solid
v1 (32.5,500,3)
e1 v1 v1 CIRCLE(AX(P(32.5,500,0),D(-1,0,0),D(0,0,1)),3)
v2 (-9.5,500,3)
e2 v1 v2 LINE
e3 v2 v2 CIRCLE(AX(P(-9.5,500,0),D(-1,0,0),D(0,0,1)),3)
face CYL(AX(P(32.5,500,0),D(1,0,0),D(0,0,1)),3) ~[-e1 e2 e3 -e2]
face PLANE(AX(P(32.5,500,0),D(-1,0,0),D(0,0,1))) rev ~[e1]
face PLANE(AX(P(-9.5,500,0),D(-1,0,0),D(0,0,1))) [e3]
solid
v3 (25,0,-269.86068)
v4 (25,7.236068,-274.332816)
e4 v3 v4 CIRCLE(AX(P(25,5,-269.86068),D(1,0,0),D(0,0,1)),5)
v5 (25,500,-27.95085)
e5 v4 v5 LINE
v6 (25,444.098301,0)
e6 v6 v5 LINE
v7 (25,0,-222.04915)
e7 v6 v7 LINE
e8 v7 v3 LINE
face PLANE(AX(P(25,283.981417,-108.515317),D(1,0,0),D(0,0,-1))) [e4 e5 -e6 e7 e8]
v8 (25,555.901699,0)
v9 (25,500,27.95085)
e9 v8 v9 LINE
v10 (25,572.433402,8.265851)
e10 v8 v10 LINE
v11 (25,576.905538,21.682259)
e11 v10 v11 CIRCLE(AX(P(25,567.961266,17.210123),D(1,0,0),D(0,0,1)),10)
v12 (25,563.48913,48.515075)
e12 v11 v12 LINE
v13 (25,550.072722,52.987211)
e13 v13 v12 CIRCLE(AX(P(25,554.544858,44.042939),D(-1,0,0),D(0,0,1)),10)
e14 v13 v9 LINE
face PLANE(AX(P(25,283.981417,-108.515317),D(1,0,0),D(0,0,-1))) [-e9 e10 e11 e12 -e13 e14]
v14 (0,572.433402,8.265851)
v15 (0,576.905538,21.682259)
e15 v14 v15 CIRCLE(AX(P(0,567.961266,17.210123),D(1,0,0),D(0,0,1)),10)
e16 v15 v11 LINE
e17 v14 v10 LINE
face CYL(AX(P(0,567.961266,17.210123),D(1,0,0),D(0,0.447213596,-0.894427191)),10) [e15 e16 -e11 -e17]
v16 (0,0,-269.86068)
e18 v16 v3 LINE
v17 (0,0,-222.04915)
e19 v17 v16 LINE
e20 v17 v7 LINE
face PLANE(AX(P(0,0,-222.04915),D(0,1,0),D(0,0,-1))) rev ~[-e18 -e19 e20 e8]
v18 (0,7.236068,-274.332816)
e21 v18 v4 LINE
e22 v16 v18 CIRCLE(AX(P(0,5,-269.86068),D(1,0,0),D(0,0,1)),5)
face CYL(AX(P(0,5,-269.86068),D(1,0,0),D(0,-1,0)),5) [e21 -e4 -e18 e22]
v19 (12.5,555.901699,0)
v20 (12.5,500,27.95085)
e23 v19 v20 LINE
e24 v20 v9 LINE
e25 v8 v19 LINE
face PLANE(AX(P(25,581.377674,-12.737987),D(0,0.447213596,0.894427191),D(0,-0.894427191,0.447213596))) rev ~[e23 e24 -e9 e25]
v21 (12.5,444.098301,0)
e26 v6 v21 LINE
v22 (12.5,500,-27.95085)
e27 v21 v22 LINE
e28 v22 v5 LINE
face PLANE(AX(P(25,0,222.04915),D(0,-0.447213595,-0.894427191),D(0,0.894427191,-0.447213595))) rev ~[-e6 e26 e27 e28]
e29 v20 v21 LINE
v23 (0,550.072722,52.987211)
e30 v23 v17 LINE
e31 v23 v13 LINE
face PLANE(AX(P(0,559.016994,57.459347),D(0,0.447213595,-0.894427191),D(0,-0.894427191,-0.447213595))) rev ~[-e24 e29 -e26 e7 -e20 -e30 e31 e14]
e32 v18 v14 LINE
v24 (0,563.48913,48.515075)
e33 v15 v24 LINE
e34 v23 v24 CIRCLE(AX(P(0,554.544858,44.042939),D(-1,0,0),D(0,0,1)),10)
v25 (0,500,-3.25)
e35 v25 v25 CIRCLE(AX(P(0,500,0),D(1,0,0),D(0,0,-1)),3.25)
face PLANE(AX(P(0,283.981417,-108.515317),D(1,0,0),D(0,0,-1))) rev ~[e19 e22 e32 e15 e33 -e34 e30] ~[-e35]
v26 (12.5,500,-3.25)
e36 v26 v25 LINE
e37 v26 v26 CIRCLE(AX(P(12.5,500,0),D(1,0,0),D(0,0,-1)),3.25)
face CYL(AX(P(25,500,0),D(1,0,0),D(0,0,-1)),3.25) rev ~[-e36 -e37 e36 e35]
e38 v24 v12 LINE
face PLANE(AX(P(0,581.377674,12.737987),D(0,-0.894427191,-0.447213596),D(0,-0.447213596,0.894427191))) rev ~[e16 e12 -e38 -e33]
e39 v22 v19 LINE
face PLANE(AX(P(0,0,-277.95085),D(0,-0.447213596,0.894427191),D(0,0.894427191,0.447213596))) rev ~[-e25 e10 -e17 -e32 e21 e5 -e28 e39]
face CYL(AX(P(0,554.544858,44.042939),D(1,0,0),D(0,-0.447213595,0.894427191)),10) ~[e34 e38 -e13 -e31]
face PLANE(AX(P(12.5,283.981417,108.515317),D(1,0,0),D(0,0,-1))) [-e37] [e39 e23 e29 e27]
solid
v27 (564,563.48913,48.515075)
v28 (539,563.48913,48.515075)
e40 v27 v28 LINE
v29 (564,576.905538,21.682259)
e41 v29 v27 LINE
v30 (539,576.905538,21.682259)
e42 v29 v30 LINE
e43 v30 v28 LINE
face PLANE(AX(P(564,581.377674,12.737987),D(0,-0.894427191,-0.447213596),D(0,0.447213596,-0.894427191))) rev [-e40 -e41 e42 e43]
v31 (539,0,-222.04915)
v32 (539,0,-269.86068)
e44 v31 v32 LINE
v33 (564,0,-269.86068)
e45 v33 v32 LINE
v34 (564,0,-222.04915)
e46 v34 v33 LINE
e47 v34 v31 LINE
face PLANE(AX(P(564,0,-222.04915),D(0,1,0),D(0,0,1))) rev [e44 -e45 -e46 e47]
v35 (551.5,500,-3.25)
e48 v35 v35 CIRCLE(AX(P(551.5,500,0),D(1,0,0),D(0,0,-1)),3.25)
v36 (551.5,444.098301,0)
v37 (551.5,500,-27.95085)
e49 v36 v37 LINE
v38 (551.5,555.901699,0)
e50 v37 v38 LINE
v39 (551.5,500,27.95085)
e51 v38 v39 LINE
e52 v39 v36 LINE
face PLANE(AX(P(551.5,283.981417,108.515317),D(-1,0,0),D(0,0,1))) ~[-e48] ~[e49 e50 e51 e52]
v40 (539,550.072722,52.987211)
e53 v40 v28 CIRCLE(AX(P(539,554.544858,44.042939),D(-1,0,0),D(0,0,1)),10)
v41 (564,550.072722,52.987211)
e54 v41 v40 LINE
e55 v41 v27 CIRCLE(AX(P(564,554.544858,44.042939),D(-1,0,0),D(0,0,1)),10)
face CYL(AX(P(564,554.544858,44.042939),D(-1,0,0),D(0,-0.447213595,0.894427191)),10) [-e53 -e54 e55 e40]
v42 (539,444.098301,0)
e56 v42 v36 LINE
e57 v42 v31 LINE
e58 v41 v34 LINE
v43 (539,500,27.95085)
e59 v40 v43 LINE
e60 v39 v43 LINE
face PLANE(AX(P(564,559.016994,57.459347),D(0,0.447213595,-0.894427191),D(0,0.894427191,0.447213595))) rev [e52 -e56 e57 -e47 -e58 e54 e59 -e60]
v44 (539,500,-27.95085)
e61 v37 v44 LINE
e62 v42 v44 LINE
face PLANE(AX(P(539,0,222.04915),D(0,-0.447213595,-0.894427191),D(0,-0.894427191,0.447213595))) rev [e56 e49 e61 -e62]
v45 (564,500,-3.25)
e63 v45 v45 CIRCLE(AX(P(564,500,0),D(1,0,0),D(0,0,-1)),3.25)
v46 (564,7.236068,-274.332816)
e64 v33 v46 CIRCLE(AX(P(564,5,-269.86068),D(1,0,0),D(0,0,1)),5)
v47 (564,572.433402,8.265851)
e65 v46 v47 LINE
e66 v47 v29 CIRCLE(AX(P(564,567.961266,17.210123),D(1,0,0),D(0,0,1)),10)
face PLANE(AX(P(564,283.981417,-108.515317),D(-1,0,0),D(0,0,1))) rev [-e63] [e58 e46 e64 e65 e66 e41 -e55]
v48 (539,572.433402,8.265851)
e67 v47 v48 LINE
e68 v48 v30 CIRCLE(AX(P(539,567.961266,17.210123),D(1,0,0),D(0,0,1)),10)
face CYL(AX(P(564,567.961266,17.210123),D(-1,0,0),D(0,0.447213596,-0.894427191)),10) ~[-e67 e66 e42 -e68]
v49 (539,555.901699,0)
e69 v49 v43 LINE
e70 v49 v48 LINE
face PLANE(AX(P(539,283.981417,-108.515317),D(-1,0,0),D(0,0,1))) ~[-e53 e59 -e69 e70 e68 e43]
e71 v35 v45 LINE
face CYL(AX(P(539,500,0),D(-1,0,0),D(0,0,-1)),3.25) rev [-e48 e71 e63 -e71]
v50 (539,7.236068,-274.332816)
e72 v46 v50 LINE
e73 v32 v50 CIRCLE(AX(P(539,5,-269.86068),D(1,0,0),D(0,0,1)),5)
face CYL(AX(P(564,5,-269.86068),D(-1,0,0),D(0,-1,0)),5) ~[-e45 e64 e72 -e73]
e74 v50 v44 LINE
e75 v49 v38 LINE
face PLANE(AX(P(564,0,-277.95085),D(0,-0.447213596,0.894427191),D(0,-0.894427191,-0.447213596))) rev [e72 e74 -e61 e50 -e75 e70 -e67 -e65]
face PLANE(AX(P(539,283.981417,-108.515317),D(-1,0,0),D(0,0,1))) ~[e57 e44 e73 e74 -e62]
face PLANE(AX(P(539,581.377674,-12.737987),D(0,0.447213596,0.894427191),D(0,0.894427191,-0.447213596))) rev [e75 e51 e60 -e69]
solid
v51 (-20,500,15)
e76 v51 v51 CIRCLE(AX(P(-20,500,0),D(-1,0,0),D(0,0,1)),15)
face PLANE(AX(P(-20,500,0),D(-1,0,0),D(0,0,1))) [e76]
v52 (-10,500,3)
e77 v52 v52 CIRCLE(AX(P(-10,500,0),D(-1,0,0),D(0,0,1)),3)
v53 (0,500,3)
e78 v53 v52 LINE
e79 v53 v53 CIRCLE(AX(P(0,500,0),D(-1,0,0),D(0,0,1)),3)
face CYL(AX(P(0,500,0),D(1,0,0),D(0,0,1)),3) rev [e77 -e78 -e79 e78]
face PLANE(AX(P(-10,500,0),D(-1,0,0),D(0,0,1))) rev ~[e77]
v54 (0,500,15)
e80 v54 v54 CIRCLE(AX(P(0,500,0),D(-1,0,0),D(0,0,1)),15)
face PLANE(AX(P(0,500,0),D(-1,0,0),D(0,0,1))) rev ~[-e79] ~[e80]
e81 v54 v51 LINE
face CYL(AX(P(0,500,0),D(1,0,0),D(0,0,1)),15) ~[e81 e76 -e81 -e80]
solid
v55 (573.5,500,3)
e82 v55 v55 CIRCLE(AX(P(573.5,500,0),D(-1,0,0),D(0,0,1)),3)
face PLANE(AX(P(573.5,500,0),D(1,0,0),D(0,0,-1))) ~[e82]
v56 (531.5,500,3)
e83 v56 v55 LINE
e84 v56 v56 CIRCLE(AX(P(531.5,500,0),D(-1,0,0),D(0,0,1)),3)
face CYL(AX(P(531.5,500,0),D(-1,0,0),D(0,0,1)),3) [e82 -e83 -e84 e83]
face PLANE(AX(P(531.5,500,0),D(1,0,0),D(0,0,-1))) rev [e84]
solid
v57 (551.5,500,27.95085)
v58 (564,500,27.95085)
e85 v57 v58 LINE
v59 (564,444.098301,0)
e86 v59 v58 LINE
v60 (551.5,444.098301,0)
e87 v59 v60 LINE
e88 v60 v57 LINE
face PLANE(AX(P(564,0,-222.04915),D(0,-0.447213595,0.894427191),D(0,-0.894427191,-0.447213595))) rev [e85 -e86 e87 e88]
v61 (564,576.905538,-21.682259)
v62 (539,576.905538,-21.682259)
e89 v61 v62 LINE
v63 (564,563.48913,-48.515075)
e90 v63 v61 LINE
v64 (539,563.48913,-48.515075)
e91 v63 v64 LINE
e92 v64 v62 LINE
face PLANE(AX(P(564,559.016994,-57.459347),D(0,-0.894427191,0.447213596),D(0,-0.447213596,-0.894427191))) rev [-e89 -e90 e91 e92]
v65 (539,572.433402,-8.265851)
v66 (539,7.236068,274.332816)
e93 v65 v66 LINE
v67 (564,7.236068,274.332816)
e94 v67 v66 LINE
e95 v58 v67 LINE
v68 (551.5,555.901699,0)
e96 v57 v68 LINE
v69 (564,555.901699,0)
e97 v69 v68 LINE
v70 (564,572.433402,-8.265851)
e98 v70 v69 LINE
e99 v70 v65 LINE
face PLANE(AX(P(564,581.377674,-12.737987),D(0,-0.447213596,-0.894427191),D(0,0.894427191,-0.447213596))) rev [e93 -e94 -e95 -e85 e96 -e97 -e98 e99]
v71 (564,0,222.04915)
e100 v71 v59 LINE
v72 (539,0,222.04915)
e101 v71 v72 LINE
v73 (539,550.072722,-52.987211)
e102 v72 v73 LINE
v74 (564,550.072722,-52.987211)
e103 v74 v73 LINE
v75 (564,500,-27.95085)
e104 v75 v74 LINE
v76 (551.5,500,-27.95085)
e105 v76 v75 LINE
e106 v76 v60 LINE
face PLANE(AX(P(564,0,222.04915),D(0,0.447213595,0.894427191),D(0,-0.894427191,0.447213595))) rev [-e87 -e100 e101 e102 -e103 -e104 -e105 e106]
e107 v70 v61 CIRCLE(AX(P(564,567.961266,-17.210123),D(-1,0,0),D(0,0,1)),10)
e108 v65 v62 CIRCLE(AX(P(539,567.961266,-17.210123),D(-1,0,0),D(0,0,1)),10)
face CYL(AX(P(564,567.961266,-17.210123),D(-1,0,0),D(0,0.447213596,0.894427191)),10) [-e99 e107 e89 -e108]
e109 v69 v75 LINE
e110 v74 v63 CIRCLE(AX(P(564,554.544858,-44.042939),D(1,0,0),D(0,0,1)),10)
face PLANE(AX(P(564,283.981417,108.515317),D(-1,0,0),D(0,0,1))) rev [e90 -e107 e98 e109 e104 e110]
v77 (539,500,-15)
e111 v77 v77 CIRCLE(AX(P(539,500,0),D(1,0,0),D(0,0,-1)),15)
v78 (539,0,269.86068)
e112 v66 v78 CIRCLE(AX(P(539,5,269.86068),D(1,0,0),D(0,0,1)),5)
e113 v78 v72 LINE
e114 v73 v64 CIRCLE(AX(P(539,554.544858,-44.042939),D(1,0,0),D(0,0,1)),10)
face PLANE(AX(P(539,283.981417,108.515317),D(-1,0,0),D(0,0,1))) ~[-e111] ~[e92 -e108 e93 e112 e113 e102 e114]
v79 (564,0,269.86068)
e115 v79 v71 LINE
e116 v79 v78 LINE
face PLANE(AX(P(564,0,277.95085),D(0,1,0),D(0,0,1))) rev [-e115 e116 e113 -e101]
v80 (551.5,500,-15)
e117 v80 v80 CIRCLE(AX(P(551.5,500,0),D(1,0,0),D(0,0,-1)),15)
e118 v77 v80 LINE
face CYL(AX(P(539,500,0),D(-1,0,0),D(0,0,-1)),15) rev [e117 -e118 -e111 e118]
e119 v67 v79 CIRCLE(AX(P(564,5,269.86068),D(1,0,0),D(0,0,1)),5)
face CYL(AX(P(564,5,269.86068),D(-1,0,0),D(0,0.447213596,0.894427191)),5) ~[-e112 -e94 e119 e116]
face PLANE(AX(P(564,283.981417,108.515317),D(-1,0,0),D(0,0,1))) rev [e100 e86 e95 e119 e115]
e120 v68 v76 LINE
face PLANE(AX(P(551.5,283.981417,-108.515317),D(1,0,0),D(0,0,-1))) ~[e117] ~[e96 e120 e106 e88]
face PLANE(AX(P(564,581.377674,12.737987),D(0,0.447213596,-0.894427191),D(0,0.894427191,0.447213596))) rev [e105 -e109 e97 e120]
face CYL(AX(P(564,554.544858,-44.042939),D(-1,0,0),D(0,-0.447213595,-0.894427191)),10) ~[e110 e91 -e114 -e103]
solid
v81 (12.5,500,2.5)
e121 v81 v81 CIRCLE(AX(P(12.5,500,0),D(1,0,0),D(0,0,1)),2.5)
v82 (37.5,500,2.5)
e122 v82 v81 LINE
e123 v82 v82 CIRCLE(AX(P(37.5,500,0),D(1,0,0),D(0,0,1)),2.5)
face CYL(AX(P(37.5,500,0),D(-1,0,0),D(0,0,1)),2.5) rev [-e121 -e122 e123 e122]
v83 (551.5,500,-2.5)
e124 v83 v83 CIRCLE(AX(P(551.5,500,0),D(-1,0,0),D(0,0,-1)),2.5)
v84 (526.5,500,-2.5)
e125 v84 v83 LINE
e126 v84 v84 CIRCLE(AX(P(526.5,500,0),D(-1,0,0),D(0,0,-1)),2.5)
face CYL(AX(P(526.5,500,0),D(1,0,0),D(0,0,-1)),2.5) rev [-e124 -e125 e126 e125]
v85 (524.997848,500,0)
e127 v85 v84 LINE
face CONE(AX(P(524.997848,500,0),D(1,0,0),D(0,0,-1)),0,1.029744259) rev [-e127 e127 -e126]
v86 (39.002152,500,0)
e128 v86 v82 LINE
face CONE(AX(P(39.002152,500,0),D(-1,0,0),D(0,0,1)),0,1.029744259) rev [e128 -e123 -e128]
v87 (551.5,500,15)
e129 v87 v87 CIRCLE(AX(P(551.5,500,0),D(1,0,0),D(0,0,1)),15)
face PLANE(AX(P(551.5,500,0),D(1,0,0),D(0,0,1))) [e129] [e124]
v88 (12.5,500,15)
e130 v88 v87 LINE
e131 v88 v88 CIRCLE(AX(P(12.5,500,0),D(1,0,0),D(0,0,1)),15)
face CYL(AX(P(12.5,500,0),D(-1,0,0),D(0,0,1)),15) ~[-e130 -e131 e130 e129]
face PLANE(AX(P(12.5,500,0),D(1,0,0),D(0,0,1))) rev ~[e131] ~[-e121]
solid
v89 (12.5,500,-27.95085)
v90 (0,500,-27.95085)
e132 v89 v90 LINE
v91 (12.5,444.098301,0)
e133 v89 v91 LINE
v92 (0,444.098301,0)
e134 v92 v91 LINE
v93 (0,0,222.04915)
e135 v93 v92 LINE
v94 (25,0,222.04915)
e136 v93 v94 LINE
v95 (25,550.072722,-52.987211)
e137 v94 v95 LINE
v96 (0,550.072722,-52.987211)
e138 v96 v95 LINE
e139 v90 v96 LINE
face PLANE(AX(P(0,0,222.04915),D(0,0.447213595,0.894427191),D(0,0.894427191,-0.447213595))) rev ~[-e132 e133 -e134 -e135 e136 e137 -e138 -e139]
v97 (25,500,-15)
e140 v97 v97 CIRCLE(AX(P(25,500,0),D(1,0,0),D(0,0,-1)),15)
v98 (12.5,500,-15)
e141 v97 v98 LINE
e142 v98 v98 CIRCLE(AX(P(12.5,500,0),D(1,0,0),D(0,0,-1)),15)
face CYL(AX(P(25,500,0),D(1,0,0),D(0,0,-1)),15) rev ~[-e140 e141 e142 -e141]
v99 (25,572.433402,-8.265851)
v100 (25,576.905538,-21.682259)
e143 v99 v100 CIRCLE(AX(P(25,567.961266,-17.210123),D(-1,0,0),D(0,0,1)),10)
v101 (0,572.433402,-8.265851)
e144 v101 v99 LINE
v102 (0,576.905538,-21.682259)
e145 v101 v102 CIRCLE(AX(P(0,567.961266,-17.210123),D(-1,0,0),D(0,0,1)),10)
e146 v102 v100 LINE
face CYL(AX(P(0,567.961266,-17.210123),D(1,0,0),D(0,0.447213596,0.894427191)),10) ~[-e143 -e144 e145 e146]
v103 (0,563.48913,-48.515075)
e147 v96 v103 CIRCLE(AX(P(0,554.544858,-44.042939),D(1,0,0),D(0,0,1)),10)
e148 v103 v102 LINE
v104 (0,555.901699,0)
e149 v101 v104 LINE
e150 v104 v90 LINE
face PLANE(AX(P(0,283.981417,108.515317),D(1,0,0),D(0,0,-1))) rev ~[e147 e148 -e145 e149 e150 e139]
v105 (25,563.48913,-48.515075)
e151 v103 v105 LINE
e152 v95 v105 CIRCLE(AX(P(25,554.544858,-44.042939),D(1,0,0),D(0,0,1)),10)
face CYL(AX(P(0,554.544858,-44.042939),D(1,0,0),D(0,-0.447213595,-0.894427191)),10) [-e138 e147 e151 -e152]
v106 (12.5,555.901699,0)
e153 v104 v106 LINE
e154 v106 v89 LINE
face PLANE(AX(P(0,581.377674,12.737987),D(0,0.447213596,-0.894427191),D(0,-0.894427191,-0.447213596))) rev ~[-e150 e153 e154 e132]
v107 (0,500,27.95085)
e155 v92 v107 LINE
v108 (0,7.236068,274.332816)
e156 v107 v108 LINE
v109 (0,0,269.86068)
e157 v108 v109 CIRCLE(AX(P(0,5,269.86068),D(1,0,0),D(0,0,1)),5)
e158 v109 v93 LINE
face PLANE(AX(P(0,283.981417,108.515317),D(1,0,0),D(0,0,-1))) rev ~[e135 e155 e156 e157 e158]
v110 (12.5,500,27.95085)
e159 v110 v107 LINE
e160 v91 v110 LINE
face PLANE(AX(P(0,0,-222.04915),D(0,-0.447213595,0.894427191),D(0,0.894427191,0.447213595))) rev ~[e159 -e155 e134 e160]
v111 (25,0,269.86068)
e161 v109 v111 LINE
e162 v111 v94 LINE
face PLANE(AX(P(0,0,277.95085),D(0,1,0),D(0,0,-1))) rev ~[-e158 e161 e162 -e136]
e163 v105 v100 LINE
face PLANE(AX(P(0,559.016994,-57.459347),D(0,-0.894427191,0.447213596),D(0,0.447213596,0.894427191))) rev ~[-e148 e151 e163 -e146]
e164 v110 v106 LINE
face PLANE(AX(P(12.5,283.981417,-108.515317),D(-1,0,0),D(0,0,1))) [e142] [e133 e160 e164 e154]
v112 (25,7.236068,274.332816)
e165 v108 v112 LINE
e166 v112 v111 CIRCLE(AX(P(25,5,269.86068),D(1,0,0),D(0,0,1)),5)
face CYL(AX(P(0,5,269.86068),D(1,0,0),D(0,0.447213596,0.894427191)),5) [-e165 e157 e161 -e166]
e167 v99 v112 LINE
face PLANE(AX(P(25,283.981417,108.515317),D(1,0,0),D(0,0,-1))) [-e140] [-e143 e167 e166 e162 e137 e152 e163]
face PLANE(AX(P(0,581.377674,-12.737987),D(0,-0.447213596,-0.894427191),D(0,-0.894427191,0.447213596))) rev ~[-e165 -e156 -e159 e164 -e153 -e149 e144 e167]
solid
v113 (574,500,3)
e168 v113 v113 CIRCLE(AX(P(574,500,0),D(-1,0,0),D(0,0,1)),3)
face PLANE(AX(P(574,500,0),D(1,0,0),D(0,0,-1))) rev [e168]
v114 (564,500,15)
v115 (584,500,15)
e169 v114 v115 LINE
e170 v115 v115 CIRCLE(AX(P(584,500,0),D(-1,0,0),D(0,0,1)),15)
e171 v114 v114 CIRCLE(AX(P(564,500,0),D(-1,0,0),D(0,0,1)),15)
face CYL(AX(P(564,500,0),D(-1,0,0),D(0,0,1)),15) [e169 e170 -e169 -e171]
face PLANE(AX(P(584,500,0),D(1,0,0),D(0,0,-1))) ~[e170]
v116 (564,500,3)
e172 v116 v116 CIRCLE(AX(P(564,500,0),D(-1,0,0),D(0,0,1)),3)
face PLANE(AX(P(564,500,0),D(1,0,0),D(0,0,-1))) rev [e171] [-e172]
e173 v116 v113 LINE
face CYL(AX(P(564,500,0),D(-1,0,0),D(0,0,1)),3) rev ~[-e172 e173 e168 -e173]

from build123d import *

# Parameters (mm, degrees)
BOSS_EXTRUDE1_DEPTH      = 25
BOSS_EXTRUDE2_DEPTH      = 25
CUT_EXTRUDE1_DEPTH       = 12.5
CUT_EXTRUDE2_DEPTH       = 12.5
SKETCH8_R                = 15
CUT_EXTRUDE3_DEPTH       = 645.888885669
SKETCH9_R                = 3.25
CUT_EXTRUDE4_DEPTH       = 645.888885669
FILLET1_R                = 10
FILLET2_R                = 10
FILLET3_R                = 5
FILLET4_R                = 5
SKETCH10_R               = 15
BOSS_EXTRUDE4_DEPTH      = 539
BOSS_EXTRUDE5_DEPTH      = 22
BOSS_EXTRUDE5_DEPTH_BACK = 20
SKETCH17_R               = 3
SKETCH18_R               = 15
BOSS_EXTRUDE6_DEPTH      = 20
SKETCH19_R               = 3
CUT_EXTRUDE5_DEPTH       = 10


with BuildPart() as part:
    # Sketch4 → Boss-Extrude1 (new body)
    with BuildSketch(Plane(origin=(0, 0, 0), x_dir=(0, 0, -1), z_dir=(1, 0, 0))):
        Polygon((-277.950849719, 0), (-222.049150281, 0), (57.459346906, 559.016994375), (12.737987356, 581.37767415), align=None)
    extrude(amount=BOSS_EXTRUDE1_DEPTH)

    # Sketch6 → Cut-Extrude1 (cut)
    with BuildSketch(Plane.ZY):
        Polygon((12.737987356, 581.37767415), (-277.950849719, 0), (-222.049150281, 0), (57.459346906, 559.016994375), align=None)
    extrude(amount=-CUT_EXTRUDE1_DEPTH, mode=Mode.SUBTRACT)

    # Sketch8 → Cut-Extrude3 (cut, through all)
    with BuildSketch(Plane(origin=(25, 0, 0), x_dir=(0, 0, -1), z_dir=(1, 0, 0))):
        with Locations((0, 500)):
            Circle(SKETCH8_R)
    extrude(amount=-CUT_EXTRUDE3_DEPTH, mode=Mode.SUBTRACT)

    # Fillet2
    fillet2_edges = [part.edges().sort_by_distance(p)[0] for p in [
        (12.5, 581.37767415, -12.737987356),
        (12.5, 559.016994375, -57.459346906),
    ]]
    fillet(fillet2_edges, radius=FILLET2_R)

    # Fillet3
    fillet3_edges = [part.edges().sort_by_distance(p)[0] for p in [
        (12.5, 0, 277.950849719),
    ]]
    fillet(fillet3_edges, radius=FILLET3_R)


with BuildPart() as body_2:
    # Sketch5 → Boss-Extrude2 (new body)
    with BuildSketch(Plane(origin=(0, 0, 0), x_dir=(0, 0, -1), z_dir=(1, 0, 0))):
        Polygon((222.049150281, 0), (277.950849719, 0), (-12.737987356, 581.37767415), (-57.459346906, 559.016994375), align=None)
    extrude(amount=BOSS_EXTRUDE2_DEPTH)

    # Sketch7 → Cut-Extrude2 (cut)
    with BuildSketch(Plane(origin=(25, 0, 0), x_dir=(0, 0, -1), z_dir=(1, 0, 0))):
        Polygon((12.737987356, 581.37767415), (-277.950849719, 0), (-222.049150281, 0), (57.459346906, 559.016994375), align=None)
    extrude(amount=-CUT_EXTRUDE2_DEPTH, mode=Mode.SUBTRACT)

    # Sketch9 → Cut-Extrude4 (cut, through all)
    with BuildSketch(Plane(origin=(25, 0, 0), x_dir=(0, 0, -1), z_dir=(1, 0, 0))):
        with Locations((0, 500)):
            Circle(SKETCH9_R)
    extrude(amount=-CUT_EXTRUDE4_DEPTH, mode=Mode.SUBTRACT)

    # Fillet1
    fillet1_edges = [body_2.edges().sort_by_distance(p)[0] for p in [
        (12.5, 559.016994375, 57.459346906),
        (12.5, 581.37767415, 12.737987356),
    ]]
    fillet(fillet1_edges, radius=FILLET1_R)

    # Fillet4
    fillet4_edges = [body_2.edges().sort_by_distance(p)[0] for p in [
        (12.5, 0, -277.950849719),
    ]]
    fillet(fillet4_edges, radius=FILLET4_R)


with BuildPart() as body_3:
    # Mirror1: mirrored copy
    add(part.part.mirror(Plane(origin=(282, 0, 0), x_dir=(0, 0, 1), z_dir=(1, 0, 0))))


with BuildPart() as body_4:
    # Mirror1 2: mirrored copy
    add(body_2.part.mirror(Plane(origin=(282, 0, 0), x_dir=(0, 0, 1), z_dir=(1, 0, 0))))


with BuildPart() as body_5:
    # Sketch10 → Boss-Extrude4 (new body)
    with BuildSketch(Plane(origin=(12.5, 0, 0), x_dir=(0, 0, -1), z_dir=(1, 0, 0))):
        with Locations(Location((0, 500, 0), (0, 0, 180))):
            Circle(SKETCH10_R)
    extrude(amount=BOSS_EXTRUDE4_DEPTH)

    # Sketch14 → M6 Tapped Hole1 (revolve, cut)
    with BuildSketch(Plane(origin=(12.5, 500, 0), x_dir=(0, 0, 1), z_dir=(0, 1, 0))):
        Polygon((0, 0), (0, 26.502151548), (2.5, 25), (2.5, 0), align=None)
    revolve(axis=Axis((6.15, 500, 0), (1, 0, 0)), mode=Mode.SUBTRACT)

    # Sketch16 → M6 Tapped Hole2 (revolve, cut)
    with BuildSketch(Plane(origin=(551.5, 500, 0), x_dir=(0, 0, -1), z_dir=(0, 1, 0))):
        Polygon((0, 0), (0, 26.502151548), (2.5, 25), (2.5, 0), align=None)
    revolve(axis=Axis((557.85, 500, 0), (-1, 0, 0)), mode=Mode.SUBTRACT)


with BuildPart() as body_6:
    # Sketch17 → Boss-Extrude5 (new, two sides: drawn at the far end of the back side and taken through both)
    with BuildSketch(Plane.ZY.offset(-12.5).offset(-BOSS_EXTRUDE5_DEPTH_BACK)):
        with Locations((0, 500)):
            Circle(SKETCH17_R)
    extrude(amount=BOSS_EXTRUDE5_DEPTH + BOSS_EXTRUDE5_DEPTH_BACK)


with BuildPart() as body_7:
    # Mirror3: mirrored copy
    add(body_6.part.mirror(Plane(origin=(282, 0, 0), x_dir=(0, 0, 1), z_dir=(1, 0, 0))))


with BuildPart() as body_8:
    # Sketch18 → Boss-Extrude6 (new body)
    with BuildSketch(Plane.ZY):
        with Locations((0, 500)):
            Circle(SKETCH18_R)
    extrude(amount=BOSS_EXTRUDE6_DEPTH)

    # Sketch19 → Cut-Extrude5 (cut)
    with BuildSketch(Plane.ZY):
        with Locations((0, 500)):
            Circle(SKETCH19_R)
    extrude(amount=CUT_EXTRUDE5_DEPTH, mode=Mode.SUBTRACT)


with BuildPart() as body_9:
    # Mirror4: mirrored copy
    add(body_8.part.mirror(Plane(origin=(282, 0, 0), x_dir=(0, 0, 1), z_dir=(1, 0, 0))))


solid = Compound([part.part, body_2.part, body_3.part, body_4.part, body_5.part, body_6.part, body_7.part, body_8.part, body_9.part])
